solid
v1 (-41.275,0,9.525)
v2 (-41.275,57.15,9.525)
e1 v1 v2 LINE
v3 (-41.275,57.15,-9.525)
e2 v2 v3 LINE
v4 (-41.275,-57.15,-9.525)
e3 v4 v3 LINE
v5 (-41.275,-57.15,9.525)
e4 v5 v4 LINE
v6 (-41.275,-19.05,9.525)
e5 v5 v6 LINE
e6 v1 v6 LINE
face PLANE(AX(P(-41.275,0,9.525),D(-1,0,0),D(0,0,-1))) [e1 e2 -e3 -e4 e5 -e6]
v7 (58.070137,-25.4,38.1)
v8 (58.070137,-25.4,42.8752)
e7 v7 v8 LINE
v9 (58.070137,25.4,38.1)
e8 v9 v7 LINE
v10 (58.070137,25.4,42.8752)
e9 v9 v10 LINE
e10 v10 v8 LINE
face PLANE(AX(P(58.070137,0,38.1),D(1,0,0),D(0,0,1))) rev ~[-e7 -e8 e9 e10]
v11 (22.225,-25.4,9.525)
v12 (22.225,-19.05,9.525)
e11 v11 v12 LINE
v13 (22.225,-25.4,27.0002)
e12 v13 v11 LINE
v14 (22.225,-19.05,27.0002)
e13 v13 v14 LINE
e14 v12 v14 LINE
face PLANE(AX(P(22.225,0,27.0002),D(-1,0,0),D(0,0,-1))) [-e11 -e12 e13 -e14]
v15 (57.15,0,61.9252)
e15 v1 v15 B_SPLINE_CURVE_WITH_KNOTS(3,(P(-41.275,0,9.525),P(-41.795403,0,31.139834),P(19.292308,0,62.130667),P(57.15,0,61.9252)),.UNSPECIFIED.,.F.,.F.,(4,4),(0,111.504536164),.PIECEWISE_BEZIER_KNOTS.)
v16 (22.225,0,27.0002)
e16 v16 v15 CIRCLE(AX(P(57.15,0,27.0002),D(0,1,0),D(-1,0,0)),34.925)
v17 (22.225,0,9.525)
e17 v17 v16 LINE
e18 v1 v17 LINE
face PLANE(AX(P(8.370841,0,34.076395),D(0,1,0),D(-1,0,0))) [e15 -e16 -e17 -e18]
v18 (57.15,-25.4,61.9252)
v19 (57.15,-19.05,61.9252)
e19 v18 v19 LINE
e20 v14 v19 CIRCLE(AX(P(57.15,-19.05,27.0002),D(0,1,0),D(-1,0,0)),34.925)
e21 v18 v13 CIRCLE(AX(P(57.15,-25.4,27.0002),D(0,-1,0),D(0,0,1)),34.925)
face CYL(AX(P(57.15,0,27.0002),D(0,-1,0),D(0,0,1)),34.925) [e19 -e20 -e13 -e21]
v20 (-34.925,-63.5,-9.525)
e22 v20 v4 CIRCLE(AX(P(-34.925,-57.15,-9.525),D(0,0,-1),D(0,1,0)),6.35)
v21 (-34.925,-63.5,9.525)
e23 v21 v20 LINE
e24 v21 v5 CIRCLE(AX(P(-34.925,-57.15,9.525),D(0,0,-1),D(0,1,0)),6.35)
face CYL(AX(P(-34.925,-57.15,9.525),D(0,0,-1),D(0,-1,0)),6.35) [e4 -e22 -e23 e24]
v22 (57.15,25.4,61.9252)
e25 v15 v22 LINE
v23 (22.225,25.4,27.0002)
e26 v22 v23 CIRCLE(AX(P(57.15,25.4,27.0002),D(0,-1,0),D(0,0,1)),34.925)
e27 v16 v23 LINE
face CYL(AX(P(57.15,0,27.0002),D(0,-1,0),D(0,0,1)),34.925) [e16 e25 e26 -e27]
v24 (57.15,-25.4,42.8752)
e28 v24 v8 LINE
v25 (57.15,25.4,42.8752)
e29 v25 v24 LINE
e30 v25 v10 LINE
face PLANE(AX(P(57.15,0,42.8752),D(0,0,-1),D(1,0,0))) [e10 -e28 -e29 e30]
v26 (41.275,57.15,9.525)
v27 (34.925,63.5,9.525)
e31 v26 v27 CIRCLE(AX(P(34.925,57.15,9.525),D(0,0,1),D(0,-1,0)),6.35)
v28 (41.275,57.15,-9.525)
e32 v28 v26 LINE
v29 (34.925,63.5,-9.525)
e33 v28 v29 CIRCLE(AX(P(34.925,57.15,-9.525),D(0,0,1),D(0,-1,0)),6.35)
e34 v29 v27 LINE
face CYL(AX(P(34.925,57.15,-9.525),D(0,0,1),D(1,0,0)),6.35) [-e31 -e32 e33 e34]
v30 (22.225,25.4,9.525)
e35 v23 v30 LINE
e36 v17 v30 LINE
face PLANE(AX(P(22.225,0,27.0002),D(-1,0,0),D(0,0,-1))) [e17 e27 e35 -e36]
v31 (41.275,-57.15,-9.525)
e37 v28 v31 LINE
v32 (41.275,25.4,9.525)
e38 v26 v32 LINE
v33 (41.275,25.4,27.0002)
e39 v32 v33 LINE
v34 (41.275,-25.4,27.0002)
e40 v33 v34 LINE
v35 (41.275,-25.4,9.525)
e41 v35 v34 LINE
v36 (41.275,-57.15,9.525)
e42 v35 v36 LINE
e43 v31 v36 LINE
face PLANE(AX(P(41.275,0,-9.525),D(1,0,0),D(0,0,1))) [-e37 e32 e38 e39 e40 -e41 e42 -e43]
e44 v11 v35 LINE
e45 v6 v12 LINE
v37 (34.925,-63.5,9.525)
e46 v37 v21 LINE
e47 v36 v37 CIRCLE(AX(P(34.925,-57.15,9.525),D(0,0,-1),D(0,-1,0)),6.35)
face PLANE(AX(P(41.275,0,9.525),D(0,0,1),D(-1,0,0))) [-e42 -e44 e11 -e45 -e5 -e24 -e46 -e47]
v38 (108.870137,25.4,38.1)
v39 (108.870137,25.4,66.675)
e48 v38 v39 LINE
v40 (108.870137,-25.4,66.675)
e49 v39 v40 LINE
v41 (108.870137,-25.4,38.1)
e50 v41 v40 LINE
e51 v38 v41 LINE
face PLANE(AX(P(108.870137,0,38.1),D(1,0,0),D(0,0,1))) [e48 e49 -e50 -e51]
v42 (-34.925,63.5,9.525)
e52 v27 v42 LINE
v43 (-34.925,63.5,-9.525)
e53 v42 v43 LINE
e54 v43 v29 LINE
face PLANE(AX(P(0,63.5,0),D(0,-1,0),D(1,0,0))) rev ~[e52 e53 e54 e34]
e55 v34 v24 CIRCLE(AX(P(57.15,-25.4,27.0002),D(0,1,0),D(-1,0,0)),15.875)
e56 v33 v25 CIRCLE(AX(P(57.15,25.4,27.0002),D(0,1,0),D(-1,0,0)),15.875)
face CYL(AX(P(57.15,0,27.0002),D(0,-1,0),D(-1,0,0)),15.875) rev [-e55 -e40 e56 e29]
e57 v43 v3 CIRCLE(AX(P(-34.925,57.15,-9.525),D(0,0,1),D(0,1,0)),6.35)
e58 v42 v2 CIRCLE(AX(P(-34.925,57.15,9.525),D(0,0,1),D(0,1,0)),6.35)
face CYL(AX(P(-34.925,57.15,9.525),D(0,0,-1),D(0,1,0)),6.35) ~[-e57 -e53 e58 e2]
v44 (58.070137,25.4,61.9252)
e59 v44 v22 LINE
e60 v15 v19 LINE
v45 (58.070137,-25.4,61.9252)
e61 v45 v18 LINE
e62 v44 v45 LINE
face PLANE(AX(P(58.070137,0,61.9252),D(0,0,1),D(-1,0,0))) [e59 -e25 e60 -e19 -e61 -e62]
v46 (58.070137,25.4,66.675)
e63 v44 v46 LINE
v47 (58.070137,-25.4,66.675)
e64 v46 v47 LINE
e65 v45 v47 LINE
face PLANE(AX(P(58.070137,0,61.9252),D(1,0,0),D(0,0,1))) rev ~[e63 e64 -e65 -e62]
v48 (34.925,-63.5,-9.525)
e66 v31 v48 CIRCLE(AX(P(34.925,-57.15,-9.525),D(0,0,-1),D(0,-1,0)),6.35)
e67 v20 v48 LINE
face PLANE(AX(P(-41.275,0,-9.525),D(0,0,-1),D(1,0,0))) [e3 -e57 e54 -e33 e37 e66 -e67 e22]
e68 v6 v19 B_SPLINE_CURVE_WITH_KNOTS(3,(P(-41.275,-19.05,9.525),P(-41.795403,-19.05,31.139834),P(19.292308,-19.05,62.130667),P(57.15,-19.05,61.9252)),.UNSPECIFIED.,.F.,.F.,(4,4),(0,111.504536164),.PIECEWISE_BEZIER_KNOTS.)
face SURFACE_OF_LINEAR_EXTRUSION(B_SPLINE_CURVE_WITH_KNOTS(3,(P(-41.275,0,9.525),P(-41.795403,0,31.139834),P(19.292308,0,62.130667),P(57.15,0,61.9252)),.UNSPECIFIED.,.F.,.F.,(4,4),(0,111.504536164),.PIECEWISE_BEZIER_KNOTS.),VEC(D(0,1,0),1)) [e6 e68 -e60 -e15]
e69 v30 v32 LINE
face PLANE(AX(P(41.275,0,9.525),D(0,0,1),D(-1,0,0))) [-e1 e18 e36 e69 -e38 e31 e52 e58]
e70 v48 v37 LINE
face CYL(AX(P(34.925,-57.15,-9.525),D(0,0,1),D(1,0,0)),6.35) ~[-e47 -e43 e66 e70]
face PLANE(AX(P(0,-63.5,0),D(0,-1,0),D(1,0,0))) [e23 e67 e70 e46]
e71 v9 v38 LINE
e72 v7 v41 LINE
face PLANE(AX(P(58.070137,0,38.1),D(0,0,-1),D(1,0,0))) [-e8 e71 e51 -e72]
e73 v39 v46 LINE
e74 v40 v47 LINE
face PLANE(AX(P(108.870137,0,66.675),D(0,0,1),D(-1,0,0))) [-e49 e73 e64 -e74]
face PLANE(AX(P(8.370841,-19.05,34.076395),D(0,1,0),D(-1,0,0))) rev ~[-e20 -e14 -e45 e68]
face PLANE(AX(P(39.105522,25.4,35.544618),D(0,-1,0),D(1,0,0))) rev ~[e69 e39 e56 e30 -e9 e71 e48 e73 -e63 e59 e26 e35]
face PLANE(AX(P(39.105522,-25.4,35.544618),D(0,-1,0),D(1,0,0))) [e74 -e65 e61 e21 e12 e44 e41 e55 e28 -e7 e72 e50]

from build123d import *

# Parameters (mm, degrees)
F1_DEPTH = 63.5
F0_W     = 27.6548634248
F0_H     = 19.05
F0_H_2   = 4.7498
F0_H_3   = 4.7752
F2_DEPTH = 25.4
F3_DEPTH = 19.05
F4_R     = 6.35
F5_R     = 6.35


with BuildPart() as f1:
    # F0 (on Front) → F1 (new body, symmetric)
    with BuildSketch(Plane.XZ):
        Polygon((-41.275, -9.525), (41.275, -9.525), (41.275, 9.525), (22.225, 9.525), (-41.275, 9.525), align=None)
    extrude(amount=F1_DEPTH, both=True)

    # F0 (on Front) → F2 (join, symmetric)
    with BuildSketch(Plane.XZ):
        with BuildLine():
            Line((22.225, 9.525), (41.275, 9.525))
            Line((41.275, 9.525), (41.275, 27.0002))
            ThreePointArc((41.275, 27.0002), (45.9246798487, 38.2255201513), (57.15, 42.8752))
            Line((57.15, 42.8752), (58.0701365752, 42.8752))
            Line((58.0701365752, 42.8752), (58.0701365752, 61.9252))
            Line((58.0701365752, 61.9252), (57.15, 61.9252))
            ThreePointArc((57.15, 61.9252), (32.4542956671, 51.6959043329), (22.225, 27.0002))
            Line((22.225, 27.0002), (22.225, 9.525))
        make_face()
        with Locations((71.8975682876, 52.4002)):
            Rectangle(F0_W, F0_H)
        Polygon((85.725, 66.675), (85.725, 61.9252), (85.725, 42.8752), (85.725, 38.1), (108.8701365752, 38.1), (108.8701365752, 66.675), align=None)
        with Locations((71.8975682876, 64.3001)):
            Rectangle(F0_W, F0_H_2)
        with Locations((71.8975682876, 40.4876)):
            Rectangle(F0_W, F0_H_3)
    extrude(amount=F2_DEPTH, both=True)

    # F0 (on Front) → F3 (join)
    with BuildSketch(Plane.XZ):
        with BuildLine():
            add(Edge.make_bspline(
                [(-41.275, 9.525), (-41.7954027653, 31.1398338526), (19.2923080176, 62.1306672692), (57.15, 61.9252)],
                knots=[0, 0, 0, 0, 111.5045361635, 111.5045361635, 111.5045361635, 111.5045361635], degree=3))
            Line((-41.275, 9.525), (22.225, 9.525))
            Line((22.225, 9.525), (22.225, 27.0002))
            ThreePointArc((22.225, 27.0002), (32.4542956671, 51.6959043329), (57.15, 61.9252))
        make_face()
    extrude(amount=F3_DEPTH)

    # F4
    f4_edges = [f1.edges().sort_by_distance(p)[0] for p in [
        (41.275, -63.5, 0),
        (-41.275, -63.5, 0),
    ]]
    fillet(f4_edges, radius=F4_R)

    # F5
    f5_edges = [f1.edges().sort_by_distance(p)[0] for p in [
        (41.275, 63.5, 0),
        (-41.275, 63.5, 0),
    ]]
    fillet(f5_edges, radius=F5_R)


solid = f1.part
